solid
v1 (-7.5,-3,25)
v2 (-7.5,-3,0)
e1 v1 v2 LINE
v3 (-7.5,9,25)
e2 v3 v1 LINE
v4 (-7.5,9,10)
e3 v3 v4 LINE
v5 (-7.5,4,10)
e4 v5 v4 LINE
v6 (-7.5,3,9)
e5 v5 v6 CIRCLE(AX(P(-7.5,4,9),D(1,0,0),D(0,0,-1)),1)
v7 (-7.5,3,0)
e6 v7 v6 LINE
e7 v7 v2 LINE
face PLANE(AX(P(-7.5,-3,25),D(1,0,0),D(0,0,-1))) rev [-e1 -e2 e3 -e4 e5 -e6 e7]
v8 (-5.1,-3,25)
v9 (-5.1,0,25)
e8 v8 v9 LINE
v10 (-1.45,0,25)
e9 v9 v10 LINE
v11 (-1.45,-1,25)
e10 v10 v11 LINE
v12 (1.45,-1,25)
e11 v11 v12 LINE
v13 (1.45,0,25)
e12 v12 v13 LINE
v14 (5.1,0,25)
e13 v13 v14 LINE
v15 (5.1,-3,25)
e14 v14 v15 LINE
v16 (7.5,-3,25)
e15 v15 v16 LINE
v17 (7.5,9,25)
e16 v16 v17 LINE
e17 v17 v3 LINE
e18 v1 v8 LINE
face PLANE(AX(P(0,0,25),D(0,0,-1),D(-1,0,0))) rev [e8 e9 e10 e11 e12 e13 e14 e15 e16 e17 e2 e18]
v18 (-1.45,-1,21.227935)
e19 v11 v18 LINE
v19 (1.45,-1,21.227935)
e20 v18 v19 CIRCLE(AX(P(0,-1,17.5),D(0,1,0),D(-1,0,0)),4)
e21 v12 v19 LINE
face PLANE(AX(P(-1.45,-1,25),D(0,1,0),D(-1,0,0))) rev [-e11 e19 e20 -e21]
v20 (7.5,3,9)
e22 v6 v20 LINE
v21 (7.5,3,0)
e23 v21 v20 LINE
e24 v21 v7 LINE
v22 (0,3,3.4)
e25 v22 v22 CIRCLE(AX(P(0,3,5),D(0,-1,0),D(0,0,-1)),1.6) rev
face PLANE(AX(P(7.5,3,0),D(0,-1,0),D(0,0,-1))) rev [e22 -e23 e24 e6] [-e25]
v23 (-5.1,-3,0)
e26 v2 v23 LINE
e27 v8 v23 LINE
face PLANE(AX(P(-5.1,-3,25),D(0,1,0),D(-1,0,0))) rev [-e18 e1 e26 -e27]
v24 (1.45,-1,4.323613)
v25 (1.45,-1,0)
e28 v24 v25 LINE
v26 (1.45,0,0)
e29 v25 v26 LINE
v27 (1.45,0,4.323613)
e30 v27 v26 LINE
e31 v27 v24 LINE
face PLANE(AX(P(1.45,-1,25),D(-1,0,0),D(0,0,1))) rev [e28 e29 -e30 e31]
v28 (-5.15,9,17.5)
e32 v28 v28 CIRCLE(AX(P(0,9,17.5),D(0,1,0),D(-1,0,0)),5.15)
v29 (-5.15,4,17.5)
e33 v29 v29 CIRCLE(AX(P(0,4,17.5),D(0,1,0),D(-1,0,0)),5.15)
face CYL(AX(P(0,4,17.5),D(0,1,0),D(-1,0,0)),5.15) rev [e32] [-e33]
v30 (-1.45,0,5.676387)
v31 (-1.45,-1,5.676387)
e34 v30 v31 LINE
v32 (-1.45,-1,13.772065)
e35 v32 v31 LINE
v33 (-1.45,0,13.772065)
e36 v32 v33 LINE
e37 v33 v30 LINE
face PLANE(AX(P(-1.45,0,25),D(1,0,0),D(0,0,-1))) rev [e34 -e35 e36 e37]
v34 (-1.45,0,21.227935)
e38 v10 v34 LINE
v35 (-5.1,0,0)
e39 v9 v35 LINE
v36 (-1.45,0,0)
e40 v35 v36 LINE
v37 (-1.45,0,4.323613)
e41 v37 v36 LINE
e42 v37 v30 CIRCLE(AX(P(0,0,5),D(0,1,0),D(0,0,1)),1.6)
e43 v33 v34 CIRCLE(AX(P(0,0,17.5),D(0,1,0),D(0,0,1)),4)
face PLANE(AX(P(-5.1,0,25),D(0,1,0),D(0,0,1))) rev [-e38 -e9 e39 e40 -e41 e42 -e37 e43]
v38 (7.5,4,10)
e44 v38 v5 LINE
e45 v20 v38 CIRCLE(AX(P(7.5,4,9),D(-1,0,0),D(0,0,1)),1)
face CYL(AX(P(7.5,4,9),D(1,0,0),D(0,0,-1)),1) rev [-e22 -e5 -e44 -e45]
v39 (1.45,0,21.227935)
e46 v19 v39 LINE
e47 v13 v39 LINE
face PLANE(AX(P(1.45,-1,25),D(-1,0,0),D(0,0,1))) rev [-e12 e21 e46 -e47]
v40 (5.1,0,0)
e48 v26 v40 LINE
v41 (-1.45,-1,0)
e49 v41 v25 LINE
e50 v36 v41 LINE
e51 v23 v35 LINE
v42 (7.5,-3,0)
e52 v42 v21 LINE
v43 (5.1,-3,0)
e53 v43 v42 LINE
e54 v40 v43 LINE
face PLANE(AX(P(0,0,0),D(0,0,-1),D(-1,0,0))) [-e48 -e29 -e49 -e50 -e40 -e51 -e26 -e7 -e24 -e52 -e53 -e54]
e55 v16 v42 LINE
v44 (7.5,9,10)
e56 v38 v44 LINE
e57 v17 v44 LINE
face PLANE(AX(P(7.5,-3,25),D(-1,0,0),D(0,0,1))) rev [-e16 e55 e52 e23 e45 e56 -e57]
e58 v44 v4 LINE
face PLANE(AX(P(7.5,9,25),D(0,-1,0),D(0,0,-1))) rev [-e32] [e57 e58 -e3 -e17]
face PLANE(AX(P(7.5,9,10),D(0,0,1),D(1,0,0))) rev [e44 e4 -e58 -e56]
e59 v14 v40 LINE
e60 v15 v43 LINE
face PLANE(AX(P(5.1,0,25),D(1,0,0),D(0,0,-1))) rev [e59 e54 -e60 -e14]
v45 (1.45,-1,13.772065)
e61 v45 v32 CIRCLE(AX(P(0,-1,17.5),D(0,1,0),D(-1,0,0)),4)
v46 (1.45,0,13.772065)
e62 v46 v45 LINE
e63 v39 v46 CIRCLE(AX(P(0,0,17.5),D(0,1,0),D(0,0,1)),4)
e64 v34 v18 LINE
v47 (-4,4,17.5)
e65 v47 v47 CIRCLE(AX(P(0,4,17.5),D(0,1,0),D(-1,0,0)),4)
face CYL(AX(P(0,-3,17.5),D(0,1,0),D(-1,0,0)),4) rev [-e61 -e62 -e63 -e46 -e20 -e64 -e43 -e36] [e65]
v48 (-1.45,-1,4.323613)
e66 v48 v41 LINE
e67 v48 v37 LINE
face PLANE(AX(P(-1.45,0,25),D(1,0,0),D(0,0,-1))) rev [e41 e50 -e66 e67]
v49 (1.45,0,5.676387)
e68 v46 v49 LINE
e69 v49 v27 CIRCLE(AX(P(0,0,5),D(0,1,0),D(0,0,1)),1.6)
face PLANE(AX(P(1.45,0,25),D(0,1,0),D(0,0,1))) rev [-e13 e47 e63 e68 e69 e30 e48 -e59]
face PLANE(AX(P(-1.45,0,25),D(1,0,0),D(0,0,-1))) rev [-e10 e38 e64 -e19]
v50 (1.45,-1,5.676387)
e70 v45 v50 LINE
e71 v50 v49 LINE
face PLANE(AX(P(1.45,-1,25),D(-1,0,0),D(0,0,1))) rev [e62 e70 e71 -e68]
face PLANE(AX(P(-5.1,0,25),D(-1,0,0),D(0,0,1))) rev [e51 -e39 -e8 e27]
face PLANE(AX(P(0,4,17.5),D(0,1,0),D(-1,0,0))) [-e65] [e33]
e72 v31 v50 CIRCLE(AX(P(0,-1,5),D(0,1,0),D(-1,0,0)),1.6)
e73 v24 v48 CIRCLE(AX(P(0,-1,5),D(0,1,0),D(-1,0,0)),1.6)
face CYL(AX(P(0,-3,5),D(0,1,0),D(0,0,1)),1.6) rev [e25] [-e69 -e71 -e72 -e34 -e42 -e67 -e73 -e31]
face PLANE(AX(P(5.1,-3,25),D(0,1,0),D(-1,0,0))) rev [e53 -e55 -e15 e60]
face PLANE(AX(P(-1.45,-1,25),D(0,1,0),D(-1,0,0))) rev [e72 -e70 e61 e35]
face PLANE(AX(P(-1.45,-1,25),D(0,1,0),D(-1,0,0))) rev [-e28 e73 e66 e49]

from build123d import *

# Parameters (mm, degrees)
MAIN_DEPTH         = 25
SKETCH2_R          = 5.15
ROLLINGHOLE_DEPTH  = 5
SKETCH3_R          = 4
CUT_EXTRUDE2_DEPTH = 8
SKETCH4_R          = 1.6
FIXHOLE_DEPTH      = 13
SKETCH5_W          = 10
SKETCH5_H          = 6
CUT_EXTRUDE4_DEPTH = 16
FILLET1_R          = 1


with BuildPart() as part:
    # Sketch1 → Main (new body)
    with BuildSketch(Plane.XY):
        Polygon((-5.1, 0), (-5.1, -3), (-7.5, -3), (-7.5, 9), (7.5, 9), (7.5, -3), (5.1, -3), (5.1, 0), (1.45, 0), (1.45, -1), (-1.45, -1), (-1.45, 0), align=None)
    extrude(amount=MAIN_DEPTH)

    # Sketch2 → RollingHole (cut)
    with BuildSketch(Plane(origin=(0, 9, 0), x_dir=(1, 0, 0), z_dir=(0, 1, 0))):
        with Locations((0, -17.5)):
            Circle(SKETCH2_R)
    extrude(amount=-ROLLINGHOLE_DEPTH, mode=Mode.SUBTRACT)

    # Sketch3 → Cut-Extrude2 (cut, through all)
    with BuildSketch(Plane(origin=(0, 4, 0), x_dir=(1, 0, 0), z_dir=(0, 1, 0))):
        with Locations((0, -17.5)):
            Circle(SKETCH3_R)
    extrude(amount=-CUT_EXTRUDE2_DEPTH, mode=Mode.SUBTRACT)

    # Sketch4 → FixHole (cut, through all)
    with BuildSketch(Plane(origin=(0, 9, 0), x_dir=(1, 0, 0), z_dir=(0, 1, 0))):
        with Locations((0, -5)):
            Circle(SKETCH4_R)
    extrude(amount=-FIXHOLE_DEPTH, mode=Mode.SUBTRACT)

    # Sketch5 → Cut-Extrude4 (cut, through all)
    with BuildSketch(Plane.ZY.offset(7.5)):
        with Locations((5, 6)):
            Rectangle(SKETCH5_W, SKETCH5_H)
    extrude(amount=-CUT_EXTRUDE4_DEPTH, mode=Mode.SUBTRACT)

    # Fillet1
    fillet1_edges = [part.edges().sort_by_distance(p)[0] for p in [
        (0, 3, 10),
    ]]
    fillet(fillet1_edges, radius=FILLET1_R)


solid = part.part
